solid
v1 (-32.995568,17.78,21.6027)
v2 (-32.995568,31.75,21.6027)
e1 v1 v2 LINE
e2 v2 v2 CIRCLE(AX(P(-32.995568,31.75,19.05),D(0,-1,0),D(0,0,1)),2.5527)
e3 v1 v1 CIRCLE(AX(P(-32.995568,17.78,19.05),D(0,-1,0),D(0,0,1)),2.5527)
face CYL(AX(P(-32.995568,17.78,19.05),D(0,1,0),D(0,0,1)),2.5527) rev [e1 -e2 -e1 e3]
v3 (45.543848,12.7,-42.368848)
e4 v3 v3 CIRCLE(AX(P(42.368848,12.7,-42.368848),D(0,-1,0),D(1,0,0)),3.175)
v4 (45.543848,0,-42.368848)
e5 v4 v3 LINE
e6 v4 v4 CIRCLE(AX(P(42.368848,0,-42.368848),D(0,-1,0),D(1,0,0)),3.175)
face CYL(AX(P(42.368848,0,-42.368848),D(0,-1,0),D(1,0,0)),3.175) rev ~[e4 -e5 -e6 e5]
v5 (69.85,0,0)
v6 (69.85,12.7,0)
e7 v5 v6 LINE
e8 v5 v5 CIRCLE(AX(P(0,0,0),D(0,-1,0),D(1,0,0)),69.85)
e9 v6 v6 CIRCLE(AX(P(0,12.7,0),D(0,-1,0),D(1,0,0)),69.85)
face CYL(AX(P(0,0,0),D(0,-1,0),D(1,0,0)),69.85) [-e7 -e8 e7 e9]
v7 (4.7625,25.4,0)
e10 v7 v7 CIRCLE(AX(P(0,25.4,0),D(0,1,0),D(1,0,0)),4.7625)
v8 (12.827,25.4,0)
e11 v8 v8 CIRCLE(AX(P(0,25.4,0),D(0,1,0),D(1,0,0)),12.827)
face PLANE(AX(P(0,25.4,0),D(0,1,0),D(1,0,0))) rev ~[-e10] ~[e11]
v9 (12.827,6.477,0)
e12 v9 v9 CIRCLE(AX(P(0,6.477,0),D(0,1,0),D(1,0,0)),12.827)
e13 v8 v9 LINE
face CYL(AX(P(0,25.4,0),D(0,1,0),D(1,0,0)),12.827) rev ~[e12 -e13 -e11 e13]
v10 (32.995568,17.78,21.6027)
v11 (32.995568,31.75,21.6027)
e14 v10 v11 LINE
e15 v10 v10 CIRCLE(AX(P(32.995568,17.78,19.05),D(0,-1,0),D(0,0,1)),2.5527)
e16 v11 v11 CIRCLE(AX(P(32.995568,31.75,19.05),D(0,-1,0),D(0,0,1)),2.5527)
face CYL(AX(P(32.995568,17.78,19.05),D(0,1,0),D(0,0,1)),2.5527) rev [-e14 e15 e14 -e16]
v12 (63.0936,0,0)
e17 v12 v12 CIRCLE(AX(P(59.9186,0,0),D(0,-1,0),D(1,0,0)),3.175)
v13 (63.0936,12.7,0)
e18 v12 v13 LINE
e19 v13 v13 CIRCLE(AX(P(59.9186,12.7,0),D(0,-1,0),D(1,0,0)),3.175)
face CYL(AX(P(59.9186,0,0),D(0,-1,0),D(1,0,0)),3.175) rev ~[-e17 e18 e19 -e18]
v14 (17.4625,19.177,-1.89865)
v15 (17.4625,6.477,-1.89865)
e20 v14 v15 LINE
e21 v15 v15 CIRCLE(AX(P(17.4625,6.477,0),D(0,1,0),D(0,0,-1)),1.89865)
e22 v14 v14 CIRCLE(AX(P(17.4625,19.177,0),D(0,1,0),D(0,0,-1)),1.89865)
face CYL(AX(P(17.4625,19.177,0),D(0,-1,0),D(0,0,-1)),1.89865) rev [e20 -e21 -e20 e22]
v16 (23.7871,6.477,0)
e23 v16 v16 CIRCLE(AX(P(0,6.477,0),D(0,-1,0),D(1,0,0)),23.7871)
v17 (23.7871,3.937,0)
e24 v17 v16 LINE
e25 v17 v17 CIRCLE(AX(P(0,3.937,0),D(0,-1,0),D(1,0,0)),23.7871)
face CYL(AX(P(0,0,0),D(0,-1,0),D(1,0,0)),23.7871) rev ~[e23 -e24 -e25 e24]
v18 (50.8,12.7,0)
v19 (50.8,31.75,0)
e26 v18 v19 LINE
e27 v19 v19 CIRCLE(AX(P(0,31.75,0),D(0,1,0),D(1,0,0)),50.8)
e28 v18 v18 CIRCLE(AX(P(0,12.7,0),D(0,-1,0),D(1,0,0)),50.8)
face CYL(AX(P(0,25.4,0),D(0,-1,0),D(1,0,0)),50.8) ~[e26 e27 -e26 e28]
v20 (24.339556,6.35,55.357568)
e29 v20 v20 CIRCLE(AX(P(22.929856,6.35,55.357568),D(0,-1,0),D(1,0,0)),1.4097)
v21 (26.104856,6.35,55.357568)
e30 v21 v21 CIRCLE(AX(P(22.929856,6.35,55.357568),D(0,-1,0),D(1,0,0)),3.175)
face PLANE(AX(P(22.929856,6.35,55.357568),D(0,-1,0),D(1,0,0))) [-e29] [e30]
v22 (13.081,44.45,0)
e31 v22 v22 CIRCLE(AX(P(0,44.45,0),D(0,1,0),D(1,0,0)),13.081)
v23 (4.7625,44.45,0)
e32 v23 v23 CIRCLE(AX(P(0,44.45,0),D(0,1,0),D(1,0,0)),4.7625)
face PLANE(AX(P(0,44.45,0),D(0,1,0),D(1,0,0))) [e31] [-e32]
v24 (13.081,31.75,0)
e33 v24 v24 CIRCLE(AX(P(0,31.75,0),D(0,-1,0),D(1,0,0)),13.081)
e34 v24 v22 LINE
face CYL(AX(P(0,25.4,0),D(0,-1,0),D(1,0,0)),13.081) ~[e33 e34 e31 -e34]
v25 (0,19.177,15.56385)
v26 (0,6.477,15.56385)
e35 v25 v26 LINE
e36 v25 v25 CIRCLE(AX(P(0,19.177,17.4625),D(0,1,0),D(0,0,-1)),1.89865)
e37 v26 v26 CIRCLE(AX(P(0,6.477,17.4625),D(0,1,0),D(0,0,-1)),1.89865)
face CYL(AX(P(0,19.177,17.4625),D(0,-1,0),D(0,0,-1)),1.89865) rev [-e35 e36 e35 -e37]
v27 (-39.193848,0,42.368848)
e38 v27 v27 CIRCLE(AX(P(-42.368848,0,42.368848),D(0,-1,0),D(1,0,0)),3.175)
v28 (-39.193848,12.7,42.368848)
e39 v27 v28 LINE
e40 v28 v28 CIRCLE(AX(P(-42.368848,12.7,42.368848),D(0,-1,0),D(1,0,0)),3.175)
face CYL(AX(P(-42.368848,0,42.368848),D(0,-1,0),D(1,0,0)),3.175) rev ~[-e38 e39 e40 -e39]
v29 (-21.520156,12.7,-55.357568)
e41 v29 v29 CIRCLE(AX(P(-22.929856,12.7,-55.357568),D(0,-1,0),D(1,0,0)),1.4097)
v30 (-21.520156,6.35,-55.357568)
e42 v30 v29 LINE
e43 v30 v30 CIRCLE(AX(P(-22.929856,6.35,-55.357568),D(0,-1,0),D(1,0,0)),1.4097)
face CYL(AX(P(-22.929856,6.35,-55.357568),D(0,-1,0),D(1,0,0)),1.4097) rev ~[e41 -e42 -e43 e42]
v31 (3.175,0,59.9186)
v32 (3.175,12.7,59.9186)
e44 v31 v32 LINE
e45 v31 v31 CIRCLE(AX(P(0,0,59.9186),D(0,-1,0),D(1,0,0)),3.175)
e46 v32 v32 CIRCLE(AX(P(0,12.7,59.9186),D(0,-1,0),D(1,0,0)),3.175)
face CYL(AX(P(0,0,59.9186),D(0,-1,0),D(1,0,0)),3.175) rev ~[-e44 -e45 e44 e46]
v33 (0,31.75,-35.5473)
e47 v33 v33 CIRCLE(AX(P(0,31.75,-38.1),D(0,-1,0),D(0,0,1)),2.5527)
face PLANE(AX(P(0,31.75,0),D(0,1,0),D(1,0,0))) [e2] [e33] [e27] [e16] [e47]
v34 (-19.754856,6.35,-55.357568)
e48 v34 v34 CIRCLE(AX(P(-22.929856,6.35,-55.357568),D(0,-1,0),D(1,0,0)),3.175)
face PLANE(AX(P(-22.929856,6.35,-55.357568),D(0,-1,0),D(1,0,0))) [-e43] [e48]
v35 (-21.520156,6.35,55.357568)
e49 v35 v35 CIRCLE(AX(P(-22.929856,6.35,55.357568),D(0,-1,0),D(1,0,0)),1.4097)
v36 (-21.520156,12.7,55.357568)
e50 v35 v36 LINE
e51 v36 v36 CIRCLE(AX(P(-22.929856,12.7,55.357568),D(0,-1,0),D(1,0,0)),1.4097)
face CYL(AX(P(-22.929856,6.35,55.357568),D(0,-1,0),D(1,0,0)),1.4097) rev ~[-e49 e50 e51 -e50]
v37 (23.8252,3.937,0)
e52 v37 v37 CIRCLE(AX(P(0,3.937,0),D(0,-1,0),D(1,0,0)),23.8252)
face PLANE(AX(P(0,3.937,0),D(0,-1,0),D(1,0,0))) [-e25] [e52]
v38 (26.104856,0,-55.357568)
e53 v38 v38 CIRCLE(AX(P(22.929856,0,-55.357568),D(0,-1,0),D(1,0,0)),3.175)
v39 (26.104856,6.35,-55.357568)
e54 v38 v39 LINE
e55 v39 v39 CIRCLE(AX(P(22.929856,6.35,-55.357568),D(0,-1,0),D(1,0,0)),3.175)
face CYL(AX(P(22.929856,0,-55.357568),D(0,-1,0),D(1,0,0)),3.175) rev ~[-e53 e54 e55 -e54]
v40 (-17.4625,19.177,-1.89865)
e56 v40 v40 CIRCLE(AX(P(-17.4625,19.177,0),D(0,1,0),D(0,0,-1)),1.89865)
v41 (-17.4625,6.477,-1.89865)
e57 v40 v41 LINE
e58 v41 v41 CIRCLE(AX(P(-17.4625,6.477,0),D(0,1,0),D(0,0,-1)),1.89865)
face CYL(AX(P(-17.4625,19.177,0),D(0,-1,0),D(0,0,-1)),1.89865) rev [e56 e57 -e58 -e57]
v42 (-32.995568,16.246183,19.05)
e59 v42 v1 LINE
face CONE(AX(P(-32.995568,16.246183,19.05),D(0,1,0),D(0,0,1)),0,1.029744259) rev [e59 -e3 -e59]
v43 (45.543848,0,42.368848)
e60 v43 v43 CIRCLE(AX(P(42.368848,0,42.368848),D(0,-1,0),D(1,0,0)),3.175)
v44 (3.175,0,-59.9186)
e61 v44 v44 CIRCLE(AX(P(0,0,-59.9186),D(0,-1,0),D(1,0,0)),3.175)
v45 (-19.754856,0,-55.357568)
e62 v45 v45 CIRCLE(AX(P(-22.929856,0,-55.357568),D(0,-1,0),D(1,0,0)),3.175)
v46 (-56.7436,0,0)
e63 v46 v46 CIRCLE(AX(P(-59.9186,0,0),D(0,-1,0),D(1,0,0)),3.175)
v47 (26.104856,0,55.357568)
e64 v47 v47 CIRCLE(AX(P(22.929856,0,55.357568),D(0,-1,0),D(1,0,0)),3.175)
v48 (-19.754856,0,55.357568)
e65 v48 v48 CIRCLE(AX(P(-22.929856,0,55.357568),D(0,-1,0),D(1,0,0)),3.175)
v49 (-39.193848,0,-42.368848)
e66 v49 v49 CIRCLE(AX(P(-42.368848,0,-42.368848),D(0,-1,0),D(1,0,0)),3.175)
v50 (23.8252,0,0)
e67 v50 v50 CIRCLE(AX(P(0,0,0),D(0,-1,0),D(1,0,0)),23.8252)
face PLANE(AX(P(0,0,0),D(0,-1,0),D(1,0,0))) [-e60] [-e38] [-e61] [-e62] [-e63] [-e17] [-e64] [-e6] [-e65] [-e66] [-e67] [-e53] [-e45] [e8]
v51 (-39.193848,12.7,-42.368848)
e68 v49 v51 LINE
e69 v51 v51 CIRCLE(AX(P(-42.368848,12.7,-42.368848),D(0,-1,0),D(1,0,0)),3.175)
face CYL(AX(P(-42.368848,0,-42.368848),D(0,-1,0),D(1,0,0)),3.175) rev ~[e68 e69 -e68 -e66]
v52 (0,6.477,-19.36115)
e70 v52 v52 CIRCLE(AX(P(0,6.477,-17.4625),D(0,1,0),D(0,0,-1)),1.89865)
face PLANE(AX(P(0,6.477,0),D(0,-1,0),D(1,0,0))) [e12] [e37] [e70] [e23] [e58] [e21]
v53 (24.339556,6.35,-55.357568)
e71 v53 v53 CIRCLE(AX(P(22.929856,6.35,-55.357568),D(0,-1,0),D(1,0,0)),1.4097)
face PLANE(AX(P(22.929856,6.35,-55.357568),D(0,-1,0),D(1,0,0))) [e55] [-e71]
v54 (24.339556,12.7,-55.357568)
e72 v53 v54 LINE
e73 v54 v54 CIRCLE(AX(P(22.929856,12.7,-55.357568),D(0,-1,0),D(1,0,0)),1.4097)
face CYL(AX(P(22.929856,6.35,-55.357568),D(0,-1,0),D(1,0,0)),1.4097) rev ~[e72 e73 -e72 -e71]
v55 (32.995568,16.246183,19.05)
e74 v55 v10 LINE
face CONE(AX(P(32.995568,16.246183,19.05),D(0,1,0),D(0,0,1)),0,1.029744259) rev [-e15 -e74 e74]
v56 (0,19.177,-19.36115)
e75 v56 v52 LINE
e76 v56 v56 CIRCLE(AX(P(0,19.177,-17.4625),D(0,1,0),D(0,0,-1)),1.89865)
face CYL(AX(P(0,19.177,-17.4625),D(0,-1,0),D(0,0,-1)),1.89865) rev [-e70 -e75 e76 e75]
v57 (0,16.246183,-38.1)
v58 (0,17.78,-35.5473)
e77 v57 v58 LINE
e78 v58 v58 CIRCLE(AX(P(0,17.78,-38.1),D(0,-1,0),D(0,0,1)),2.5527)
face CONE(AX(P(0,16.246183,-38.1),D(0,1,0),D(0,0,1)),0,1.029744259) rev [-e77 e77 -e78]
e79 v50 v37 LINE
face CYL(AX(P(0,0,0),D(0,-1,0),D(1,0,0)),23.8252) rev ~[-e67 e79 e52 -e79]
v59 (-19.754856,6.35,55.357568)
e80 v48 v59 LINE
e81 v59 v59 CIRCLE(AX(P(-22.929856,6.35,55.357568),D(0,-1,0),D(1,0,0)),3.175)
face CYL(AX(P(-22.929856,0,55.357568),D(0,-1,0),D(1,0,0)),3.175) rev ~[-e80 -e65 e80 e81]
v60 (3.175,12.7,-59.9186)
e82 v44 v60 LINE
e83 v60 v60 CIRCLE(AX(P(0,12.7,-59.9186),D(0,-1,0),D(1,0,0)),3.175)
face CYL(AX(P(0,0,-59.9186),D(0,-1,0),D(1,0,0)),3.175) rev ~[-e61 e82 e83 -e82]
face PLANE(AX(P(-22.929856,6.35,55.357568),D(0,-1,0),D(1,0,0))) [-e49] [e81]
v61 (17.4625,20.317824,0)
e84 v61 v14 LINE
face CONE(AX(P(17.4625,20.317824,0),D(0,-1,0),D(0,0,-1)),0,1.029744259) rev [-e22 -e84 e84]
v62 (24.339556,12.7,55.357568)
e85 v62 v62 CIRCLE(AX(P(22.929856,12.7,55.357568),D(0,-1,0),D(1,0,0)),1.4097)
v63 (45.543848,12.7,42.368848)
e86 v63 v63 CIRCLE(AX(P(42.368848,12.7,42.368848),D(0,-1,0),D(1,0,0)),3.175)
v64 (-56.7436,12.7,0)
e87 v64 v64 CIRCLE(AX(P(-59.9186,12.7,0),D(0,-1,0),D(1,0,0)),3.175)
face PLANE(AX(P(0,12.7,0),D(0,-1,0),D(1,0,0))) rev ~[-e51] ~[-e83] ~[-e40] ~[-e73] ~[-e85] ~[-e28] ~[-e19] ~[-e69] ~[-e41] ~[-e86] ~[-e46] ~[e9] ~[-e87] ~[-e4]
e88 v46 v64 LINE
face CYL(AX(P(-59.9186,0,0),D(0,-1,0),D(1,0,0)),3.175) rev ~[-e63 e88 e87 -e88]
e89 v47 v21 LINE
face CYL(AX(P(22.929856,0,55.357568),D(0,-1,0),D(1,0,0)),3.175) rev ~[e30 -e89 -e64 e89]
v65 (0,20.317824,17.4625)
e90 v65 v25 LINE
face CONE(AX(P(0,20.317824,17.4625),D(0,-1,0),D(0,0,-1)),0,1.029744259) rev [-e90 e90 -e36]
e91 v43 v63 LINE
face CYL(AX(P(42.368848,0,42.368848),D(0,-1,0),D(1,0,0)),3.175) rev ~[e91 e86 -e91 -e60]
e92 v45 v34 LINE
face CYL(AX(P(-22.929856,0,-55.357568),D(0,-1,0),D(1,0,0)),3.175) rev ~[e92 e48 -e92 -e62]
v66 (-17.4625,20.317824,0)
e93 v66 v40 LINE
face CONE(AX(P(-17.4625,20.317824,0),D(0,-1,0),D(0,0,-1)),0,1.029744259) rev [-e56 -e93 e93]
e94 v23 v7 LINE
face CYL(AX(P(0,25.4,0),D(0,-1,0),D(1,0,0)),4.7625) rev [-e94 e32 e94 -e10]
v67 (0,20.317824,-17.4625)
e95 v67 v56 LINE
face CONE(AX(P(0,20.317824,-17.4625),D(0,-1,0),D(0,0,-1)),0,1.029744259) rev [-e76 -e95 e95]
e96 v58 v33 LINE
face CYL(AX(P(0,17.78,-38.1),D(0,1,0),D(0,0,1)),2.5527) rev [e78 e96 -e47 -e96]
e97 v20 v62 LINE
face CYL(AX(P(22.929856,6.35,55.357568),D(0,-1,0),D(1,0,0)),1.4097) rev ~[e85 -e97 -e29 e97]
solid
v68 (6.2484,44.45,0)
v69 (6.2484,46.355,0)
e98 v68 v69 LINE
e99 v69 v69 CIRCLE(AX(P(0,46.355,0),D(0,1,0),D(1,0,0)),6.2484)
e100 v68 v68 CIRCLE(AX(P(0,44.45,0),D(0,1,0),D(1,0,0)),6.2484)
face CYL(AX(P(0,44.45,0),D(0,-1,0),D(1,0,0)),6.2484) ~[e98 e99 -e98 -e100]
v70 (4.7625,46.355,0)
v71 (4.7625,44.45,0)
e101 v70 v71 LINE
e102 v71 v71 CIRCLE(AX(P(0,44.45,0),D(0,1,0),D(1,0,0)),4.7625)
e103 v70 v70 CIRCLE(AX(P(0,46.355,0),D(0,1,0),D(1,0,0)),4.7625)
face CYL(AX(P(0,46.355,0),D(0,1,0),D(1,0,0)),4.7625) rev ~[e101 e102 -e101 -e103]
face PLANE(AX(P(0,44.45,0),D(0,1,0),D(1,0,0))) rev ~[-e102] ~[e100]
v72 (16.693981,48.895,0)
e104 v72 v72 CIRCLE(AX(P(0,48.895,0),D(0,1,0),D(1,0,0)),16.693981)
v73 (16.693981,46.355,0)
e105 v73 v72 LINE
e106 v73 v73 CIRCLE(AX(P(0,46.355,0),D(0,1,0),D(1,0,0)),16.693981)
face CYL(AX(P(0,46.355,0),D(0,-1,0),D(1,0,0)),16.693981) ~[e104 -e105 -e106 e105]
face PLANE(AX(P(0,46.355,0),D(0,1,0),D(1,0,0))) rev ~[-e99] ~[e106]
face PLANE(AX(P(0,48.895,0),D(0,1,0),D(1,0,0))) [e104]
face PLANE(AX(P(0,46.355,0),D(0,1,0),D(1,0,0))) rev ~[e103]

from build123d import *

# Parameters (mm, degrees)
SKETCH1_R                        = 50.8
BOSS_EXTRUDE1_DEPTH              = 25.4
SKETCH2_R                        = 69.85
SKETCH2_R_2                      = 50.8
BOSS_EXTRUDE2_DEPTH              = 12.7
CUT_EXTRUDE2_REACH               = 27.4
SKETCH4_R                        = 3.175
SKETCH5_R                        = 12.827
CUT_EXTRUDE3_DEPTH               = 19.05
CUT_EXTRUDE4_REACH               = 8.35
SKETCH6_R                        = 1.5875
SKETCH34_R                       = 13.081
SKETCH34_R_2                     = 4.7625
BOSS_EXTRUDE3_DEPTH              = 19.05
SKETCH40_R                       = 50.8
BOSS_EXTRUDE5_DEPTH              = 6.35
SKETCH38_R                       = 6.2484
BOSS_EXTRUDE4_DEPTH              = 1.905
SKETCH39_R                       = 4.7625
CUT_EXTRUDE7_DEPTH               = 6.35
SKETCH41_R                       = 4.7625
CUT_EXTRUDE8_DEPTH               = 6.35
SKETCH42_R                       = 23.7871
CUT_EXTRUDE9_DEPTH               = 6.477
F_10_24_TAPPED_HOLE1_AT_2_COUNT  = 2
F_10_24_TAPPED_HOLE1_AT_2_PITCH  = 24.695704333
F_10_24_TAPPED_HOLE1_AT_3_COUNT  = 2
F_10_24_TAPPED_HOLE1_AT_3_PITCH  = 34.925
F_10_24_TAPPED_HOLE1_AT_4_COUNT  = 2
F_10_24_TAPPED_HOLE1_AT_4_PITCH  = 24.695704333
SKETCH46_R                       = 3.175
CUT_EXTRUDE10_DEPTH              = 6.35
F_1_4_20_TAPPED_HOLE1_AT_2_COUNT = 2
F_1_4_20_TAPPED_HOLE1_AT_2_PITCH = 65.991135768
F_1_4_20_TAPPED_HOLE1_AT_3_COUNT = 2
F_1_4_20_TAPPED_HOLE1_AT_3_PITCH = 65.991135768
CUT_EXTRUDE11_START              = 6.477
SKETCH49_R                       = 23.8252
CUT_EXTRUDE11_DEPTH              = 3.937
SKETCH50_R                       = 1.4097
CUT_EXTRUDE12_DEPTH              = 41.005
SKETCH51_R                       = 16.693981068
BOSS_EXTRUDE6_DEPTH              = 2.54


with BuildPart() as part:
    # Sketch1 → Boss-Extrude1 (new body)
    with BuildSketch(Plane(origin=(0, 0, 0), x_dir=(1, 0, 0), z_dir=(0, 1, 0))):
        Circle(SKETCH1_R)
    extrude(amount=BOSS_EXTRUDE1_DEPTH)

    # Sketch2 → Boss-Extrude2 (add)
    with BuildSketch(Plane.XZ):
        Circle(SKETCH2_R)
        Circle(SKETCH2_R_2, mode=Mode.SUBTRACT)
    extrude(amount=-BOSS_EXTRUDE2_DEPTH)

    # Sketch4 → Cut-Extrude2 (cut, up to next)
    with BuildSketch(Plane.XZ, mode=Mode.PRIVATE) as cut_extrude2_sk1:
        with Locations((0, -59.9186)):
            Circle(SKETCH4_R)
    cut_extrude2_tool1 = extrude(cut_extrude2_sk1.sketch, amount=-CUT_EXTRUDE2_REACH, mode=Mode.PRIVATE) & part.part
    add(cut_extrude2_tool1.solids().sort_by_distance((0, 0, -59.9186))[0], mode=Mode.SUBTRACT)
    # Sketch4 → Cut-Extrude2 (cut, up to next)
    with BuildSketch(Plane.XZ, mode=Mode.PRIVATE) as cut_extrude2_sk2:
        with Locations((-42.368848379, -42.368848379)):
            Circle(SKETCH4_R)
    cut_extrude2_tool2 = extrude(cut_extrude2_sk2.sketch, amount=-CUT_EXTRUDE2_REACH, mode=Mode.PRIVATE) & part.part
    add(cut_extrude2_tool2.solids().sort_by_distance((-42.368848, 0, -42.368848))[0], mode=Mode.SUBTRACT)
    # Sketch4 → Cut-Extrude2 (cut, up to next)
    with BuildSketch(Plane.XZ, mode=Mode.PRIVATE) as cut_extrude2_sk3:
        with Locations((-59.9186, 0)):
            Circle(SKETCH4_R)
    cut_extrude2_tool3 = extrude(cut_extrude2_sk3.sketch, amount=-CUT_EXTRUDE2_REACH, mode=Mode.PRIVATE) & part.part
    add(cut_extrude2_tool3.solids().sort_by_distance((-59.9186, 0, 0))[0], mode=Mode.SUBTRACT)
    # Sketch4 → Cut-Extrude2 (cut, up to next)
    with BuildSketch(Plane.XZ, mode=Mode.PRIVATE) as cut_extrude2_sk4:
        with Locations((-42.368848379, 42.368848379)):
            Circle(SKETCH4_R)
    cut_extrude2_tool4 = extrude(cut_extrude2_sk4.sketch, amount=-CUT_EXTRUDE2_REACH, mode=Mode.PRIVATE) & part.part
    add(cut_extrude2_tool4.solids().sort_by_distance((-42.368848, 0, 42.368848))[0], mode=Mode.SUBTRACT)
    # Sketch4 → Cut-Extrude2 (cut, up to next)
    with BuildSketch(Plane.XZ, mode=Mode.PRIVATE) as cut_extrude2_sk5:
        with Locations((0, 59.9186)):
            Circle(SKETCH4_R)
    cut_extrude2_tool5 = extrude(cut_extrude2_sk5.sketch, amount=-CUT_EXTRUDE2_REACH, mode=Mode.PRIVATE) & part.part
    add(cut_extrude2_tool5.solids().sort_by_distance((0, 0, 59.9186))[0], mode=Mode.SUBTRACT)
    # Sketch4 → Cut-Extrude2 (cut, up to next)
    with BuildSketch(Plane.XZ, mode=Mode.PRIVATE) as cut_extrude2_sk6:
        with Locations((42.368848379, 42.368848379)):
            Circle(SKETCH4_R)
    cut_extrude2_tool6 = extrude(cut_extrude2_sk6.sketch, amount=-CUT_EXTRUDE2_REACH, mode=Mode.PRIVATE) & part.part
    add(cut_extrude2_tool6.solids().sort_by_distance((42.368848, 0, 42.368848))[0], mode=Mode.SUBTRACT)
    # Sketch4 → Cut-Extrude2 (cut, up to next)
    with BuildSketch(Plane.XZ, mode=Mode.PRIVATE) as cut_extrude2_sk7:
        with Locations((59.9186, 0)):
            Circle(SKETCH4_R)
    cut_extrude2_tool7 = extrude(cut_extrude2_sk7.sketch, amount=-CUT_EXTRUDE2_REACH, mode=Mode.PRIVATE) & part.part
    add(cut_extrude2_tool7.solids().sort_by_distance((59.9186, 0, 0))[0], mode=Mode.SUBTRACT)
    # Sketch4 → Cut-Extrude2 (cut, up to next)
    with BuildSketch(Plane.XZ, mode=Mode.PRIVATE) as cut_extrude2_sk8:
        with Locations((42.368848379, -42.368848379)):
            Circle(SKETCH4_R)
    cut_extrude2_tool8 = extrude(cut_extrude2_sk8.sketch, amount=-CUT_EXTRUDE2_REACH, mode=Mode.PRIVATE) & part.part
    add(cut_extrude2_tool8.solids().sort_by_distance((42.368848, 0, -42.368848))[0], mode=Mode.SUBTRACT)

    # Sketch5 → Cut-Extrude3 (cut)
    with BuildSketch(Plane(origin=(0, 25.4, 0), x_dir=(1, 0, 0), z_dir=(0, 1, 0))):
        Circle(SKETCH5_R)
    extrude(amount=-CUT_EXTRUDE3_DEPTH, mode=Mode.SUBTRACT)

    # Sketch6 → Cut-Extrude4 (cut, up to next)
    with BuildSketch(Plane(origin=(0, 6.35, 0), x_dir=(1, 0, 0), z_dir=(0, 1, 0)), mode=Mode.PRIVATE) as cut_extrude4_sk1:
        Circle(SKETCH6_R)
    cut_extrude4_tool1 = extrude(cut_extrude4_sk1.sketch, amount=-CUT_EXTRUDE4_REACH, mode=Mode.PRIVATE) & part.part
    add(cut_extrude4_tool1.solids().sort_by_distance((0, 6.35, 0))[0], mode=Mode.SUBTRACT)

    # Sketch34 → Boss-Extrude3 (add)
    with BuildSketch(Plane(origin=(0, 25.4, 0), x_dir=(1, 0, 0), z_dir=(0, 1, 0))):
        Circle(SKETCH34_R)
        Circle(SKETCH34_R_2, mode=Mode.SUBTRACT)
    extrude(amount=BOSS_EXTRUDE3_DEPTH)

    # Sketch40 → Boss-Extrude5 (add)
    with BuildSketch(Plane(origin=(0, 25.4, 0), x_dir=(1, 0, 0), z_dir=(0, 1, 0))):
        Circle(SKETCH40_R)
    extrude(amount=BOSS_EXTRUDE5_DEPTH)

    # Sketch41 → Cut-Extrude8 (cut)
    with BuildSketch(Plane(origin=(0, 31.75, 0), x_dir=(1, 0, 0), z_dir=(0, 1, 0))):
        Circle(SKETCH41_R)
    extrude(amount=-CUT_EXTRUDE8_DEPTH, mode=Mode.SUBTRACT)

    # Sketch42 → Cut-Extrude9 (cut)
    with BuildSketch(Plane.XZ):
        Circle(SKETCH42_R)
    extrude(amount=-CUT_EXTRUDE9_DEPTH, mode=Mode.SUBTRACT)

    # Sketch45 → #10-24 Tapped Hole1 (revolve, cut)
    with BuildSketch(Plane(origin=(0, 6.477, 17.4625), x_dir=(0, 0, -1), z_dir=(1, 0, 0))):
        Polygon((0, 0), (0, 13.840824014), (1.89865, 12.7), (1.89865, 0), align=None)
    f_10_24_tapped_hole1 = revolve(axis=Axis((0, 0.127, 17.4625), (0, 1, 0)), mode=Mode.SUBTRACT)

    # #10-24 Tapped Hole1 at 2: #10-24 Tapped Hole1 ×2
    with Locations(*[Vector(0.707106781, 0, -0.707106781) * (i * F_10_24_TAPPED_HOLE1_AT_2_PITCH) for i in range(1, F_10_24_TAPPED_HOLE1_AT_2_COUNT)]):
        add(f_10_24_tapped_hole1, mode=Mode.SUBTRACT)

    # #10-24 Tapped Hole1 at 3: #10-24 Tapped Hole1 ×2
    with Locations(*[(0, 0, -i * F_10_24_TAPPED_HOLE1_AT_3_PITCH) for i in range(1, F_10_24_TAPPED_HOLE1_AT_3_COUNT)]):
        add(f_10_24_tapped_hole1, mode=Mode.SUBTRACT)

    # #10-24 Tapped Hole1 at 4: #10-24 Tapped Hole1 ×2
    with Locations(*[Vector(-0.707106781, 0, -0.707106781) * (i * F_10_24_TAPPED_HOLE1_AT_4_PITCH) for i in range(1, F_10_24_TAPPED_HOLE1_AT_4_COUNT)]):
        add(f_10_24_tapped_hole1, mode=Mode.SUBTRACT)

    # Sketch46 → Cut-Extrude10 (cut)
    with BuildSketch(Plane.XZ):
        with Locations((-22.929855511, 55.357568157)):
            Circle(SKETCH46_R)
        with Locations((22.929855511, 55.357568157)):
            Circle(SKETCH46_R)
        with Locations((-22.929855511, -55.357568157)):
            Circle(SKETCH46_R)
        with Locations((22.929855511, -55.357568157)):
            Circle(SKETCH46_R)
    extrude(amount=-CUT_EXTRUDE10_DEPTH, mode=Mode.SUBTRACT)

    # Sketch48 → 1/4-20 Tapped Hole1 (revolve, cut)
    with BuildSketch(Plane(origin=(0, 31.75, -38.1), x_dir=(0, 0, 1), z_dir=(1, 0, 0))):
        Polygon((0, 0), (0, 15.503816902), (2.5527, 13.97), (2.5527, 0), align=None)
    f_1_4_20_tapped_hole1 = revolve(axis=Axis((0, 38.1, -38.1), (0, -1, 0)), mode=Mode.SUBTRACT)

    # 1/4-20 Tapped Hole1 at 2: 1/4-20 Tapped Hole1 ×2
    with Locations(*[Vector(0.5, 0, 0.866025404) * (i * F_1_4_20_TAPPED_HOLE1_AT_2_PITCH) for i in range(1, F_1_4_20_TAPPED_HOLE1_AT_2_COUNT)]):
        add(f_1_4_20_tapped_hole1, mode=Mode.SUBTRACT)

    # 1/4-20 Tapped Hole1 at 3: 1/4-20 Tapped Hole1 ×2
    with Locations(*[Vector(-0.5, 0, 0.866025404) * (i * F_1_4_20_TAPPED_HOLE1_AT_3_PITCH) for i in range(1, F_1_4_20_TAPPED_HOLE1_AT_3_COUNT)]):
        add(f_1_4_20_tapped_hole1, mode=Mode.SUBTRACT)

    # Sketch49 → Cut-Extrude11 (cut)
    with BuildSketch(Plane.XZ.offset(-6.477).offset(CUT_EXTRUDE11_START)):
        Circle(SKETCH49_R)
    extrude(amount=-CUT_EXTRUDE11_DEPTH, mode=Mode.SUBTRACT)

    # Sketch50 → Cut-Extrude12 (cut, through all)
    with BuildSketch(Plane.XZ.offset(-6.35)):
        with Locations((-22.929855511, 55.357568157)):
            Circle(SKETCH50_R)
        with Locations((22.929855511, 55.357568157)):
            Circle(SKETCH50_R)
        with Locations((-22.929855511, -55.357568157)):
            Circle(SKETCH50_R)
        with Locations((22.929855511, -55.357568157)):
            Circle(SKETCH50_R)
    extrude(amount=-CUT_EXTRUDE12_DEPTH, mode=Mode.SUBTRACT)


with BuildPart() as body_2:
    # Sketch38 → Boss-Extrude4 (new body)
    with BuildSketch(Plane(origin=(0, 44.45, 0), x_dir=(1, 0, 0), z_dir=(0, 1, 0))):
        Circle(SKETCH38_R)
    extrude(amount=BOSS_EXTRUDE4_DEPTH)

    # Sketch39 → Cut-Extrude7 (cut)
    with BuildSketch(Plane(origin=(0, 46.355, 0), x_dir=(1, 0, 0), z_dir=(0, 1, 0))):
        Circle(SKETCH39_R)
    extrude(amount=-CUT_EXTRUDE7_DEPTH, mode=Mode.SUBTRACT)

    # Sketch51 → Boss-Extrude6 (add)
    with BuildSketch(Plane(origin=(0, 46.355, 0), x_dir=(1, 0, 0), z_dir=(0, 1, 0))):
        Circle(SKETCH51_R)
    extrude(amount=BOSS_EXTRUDE6_DEPTH)


solid = Compound([part.part, body_2.part])
